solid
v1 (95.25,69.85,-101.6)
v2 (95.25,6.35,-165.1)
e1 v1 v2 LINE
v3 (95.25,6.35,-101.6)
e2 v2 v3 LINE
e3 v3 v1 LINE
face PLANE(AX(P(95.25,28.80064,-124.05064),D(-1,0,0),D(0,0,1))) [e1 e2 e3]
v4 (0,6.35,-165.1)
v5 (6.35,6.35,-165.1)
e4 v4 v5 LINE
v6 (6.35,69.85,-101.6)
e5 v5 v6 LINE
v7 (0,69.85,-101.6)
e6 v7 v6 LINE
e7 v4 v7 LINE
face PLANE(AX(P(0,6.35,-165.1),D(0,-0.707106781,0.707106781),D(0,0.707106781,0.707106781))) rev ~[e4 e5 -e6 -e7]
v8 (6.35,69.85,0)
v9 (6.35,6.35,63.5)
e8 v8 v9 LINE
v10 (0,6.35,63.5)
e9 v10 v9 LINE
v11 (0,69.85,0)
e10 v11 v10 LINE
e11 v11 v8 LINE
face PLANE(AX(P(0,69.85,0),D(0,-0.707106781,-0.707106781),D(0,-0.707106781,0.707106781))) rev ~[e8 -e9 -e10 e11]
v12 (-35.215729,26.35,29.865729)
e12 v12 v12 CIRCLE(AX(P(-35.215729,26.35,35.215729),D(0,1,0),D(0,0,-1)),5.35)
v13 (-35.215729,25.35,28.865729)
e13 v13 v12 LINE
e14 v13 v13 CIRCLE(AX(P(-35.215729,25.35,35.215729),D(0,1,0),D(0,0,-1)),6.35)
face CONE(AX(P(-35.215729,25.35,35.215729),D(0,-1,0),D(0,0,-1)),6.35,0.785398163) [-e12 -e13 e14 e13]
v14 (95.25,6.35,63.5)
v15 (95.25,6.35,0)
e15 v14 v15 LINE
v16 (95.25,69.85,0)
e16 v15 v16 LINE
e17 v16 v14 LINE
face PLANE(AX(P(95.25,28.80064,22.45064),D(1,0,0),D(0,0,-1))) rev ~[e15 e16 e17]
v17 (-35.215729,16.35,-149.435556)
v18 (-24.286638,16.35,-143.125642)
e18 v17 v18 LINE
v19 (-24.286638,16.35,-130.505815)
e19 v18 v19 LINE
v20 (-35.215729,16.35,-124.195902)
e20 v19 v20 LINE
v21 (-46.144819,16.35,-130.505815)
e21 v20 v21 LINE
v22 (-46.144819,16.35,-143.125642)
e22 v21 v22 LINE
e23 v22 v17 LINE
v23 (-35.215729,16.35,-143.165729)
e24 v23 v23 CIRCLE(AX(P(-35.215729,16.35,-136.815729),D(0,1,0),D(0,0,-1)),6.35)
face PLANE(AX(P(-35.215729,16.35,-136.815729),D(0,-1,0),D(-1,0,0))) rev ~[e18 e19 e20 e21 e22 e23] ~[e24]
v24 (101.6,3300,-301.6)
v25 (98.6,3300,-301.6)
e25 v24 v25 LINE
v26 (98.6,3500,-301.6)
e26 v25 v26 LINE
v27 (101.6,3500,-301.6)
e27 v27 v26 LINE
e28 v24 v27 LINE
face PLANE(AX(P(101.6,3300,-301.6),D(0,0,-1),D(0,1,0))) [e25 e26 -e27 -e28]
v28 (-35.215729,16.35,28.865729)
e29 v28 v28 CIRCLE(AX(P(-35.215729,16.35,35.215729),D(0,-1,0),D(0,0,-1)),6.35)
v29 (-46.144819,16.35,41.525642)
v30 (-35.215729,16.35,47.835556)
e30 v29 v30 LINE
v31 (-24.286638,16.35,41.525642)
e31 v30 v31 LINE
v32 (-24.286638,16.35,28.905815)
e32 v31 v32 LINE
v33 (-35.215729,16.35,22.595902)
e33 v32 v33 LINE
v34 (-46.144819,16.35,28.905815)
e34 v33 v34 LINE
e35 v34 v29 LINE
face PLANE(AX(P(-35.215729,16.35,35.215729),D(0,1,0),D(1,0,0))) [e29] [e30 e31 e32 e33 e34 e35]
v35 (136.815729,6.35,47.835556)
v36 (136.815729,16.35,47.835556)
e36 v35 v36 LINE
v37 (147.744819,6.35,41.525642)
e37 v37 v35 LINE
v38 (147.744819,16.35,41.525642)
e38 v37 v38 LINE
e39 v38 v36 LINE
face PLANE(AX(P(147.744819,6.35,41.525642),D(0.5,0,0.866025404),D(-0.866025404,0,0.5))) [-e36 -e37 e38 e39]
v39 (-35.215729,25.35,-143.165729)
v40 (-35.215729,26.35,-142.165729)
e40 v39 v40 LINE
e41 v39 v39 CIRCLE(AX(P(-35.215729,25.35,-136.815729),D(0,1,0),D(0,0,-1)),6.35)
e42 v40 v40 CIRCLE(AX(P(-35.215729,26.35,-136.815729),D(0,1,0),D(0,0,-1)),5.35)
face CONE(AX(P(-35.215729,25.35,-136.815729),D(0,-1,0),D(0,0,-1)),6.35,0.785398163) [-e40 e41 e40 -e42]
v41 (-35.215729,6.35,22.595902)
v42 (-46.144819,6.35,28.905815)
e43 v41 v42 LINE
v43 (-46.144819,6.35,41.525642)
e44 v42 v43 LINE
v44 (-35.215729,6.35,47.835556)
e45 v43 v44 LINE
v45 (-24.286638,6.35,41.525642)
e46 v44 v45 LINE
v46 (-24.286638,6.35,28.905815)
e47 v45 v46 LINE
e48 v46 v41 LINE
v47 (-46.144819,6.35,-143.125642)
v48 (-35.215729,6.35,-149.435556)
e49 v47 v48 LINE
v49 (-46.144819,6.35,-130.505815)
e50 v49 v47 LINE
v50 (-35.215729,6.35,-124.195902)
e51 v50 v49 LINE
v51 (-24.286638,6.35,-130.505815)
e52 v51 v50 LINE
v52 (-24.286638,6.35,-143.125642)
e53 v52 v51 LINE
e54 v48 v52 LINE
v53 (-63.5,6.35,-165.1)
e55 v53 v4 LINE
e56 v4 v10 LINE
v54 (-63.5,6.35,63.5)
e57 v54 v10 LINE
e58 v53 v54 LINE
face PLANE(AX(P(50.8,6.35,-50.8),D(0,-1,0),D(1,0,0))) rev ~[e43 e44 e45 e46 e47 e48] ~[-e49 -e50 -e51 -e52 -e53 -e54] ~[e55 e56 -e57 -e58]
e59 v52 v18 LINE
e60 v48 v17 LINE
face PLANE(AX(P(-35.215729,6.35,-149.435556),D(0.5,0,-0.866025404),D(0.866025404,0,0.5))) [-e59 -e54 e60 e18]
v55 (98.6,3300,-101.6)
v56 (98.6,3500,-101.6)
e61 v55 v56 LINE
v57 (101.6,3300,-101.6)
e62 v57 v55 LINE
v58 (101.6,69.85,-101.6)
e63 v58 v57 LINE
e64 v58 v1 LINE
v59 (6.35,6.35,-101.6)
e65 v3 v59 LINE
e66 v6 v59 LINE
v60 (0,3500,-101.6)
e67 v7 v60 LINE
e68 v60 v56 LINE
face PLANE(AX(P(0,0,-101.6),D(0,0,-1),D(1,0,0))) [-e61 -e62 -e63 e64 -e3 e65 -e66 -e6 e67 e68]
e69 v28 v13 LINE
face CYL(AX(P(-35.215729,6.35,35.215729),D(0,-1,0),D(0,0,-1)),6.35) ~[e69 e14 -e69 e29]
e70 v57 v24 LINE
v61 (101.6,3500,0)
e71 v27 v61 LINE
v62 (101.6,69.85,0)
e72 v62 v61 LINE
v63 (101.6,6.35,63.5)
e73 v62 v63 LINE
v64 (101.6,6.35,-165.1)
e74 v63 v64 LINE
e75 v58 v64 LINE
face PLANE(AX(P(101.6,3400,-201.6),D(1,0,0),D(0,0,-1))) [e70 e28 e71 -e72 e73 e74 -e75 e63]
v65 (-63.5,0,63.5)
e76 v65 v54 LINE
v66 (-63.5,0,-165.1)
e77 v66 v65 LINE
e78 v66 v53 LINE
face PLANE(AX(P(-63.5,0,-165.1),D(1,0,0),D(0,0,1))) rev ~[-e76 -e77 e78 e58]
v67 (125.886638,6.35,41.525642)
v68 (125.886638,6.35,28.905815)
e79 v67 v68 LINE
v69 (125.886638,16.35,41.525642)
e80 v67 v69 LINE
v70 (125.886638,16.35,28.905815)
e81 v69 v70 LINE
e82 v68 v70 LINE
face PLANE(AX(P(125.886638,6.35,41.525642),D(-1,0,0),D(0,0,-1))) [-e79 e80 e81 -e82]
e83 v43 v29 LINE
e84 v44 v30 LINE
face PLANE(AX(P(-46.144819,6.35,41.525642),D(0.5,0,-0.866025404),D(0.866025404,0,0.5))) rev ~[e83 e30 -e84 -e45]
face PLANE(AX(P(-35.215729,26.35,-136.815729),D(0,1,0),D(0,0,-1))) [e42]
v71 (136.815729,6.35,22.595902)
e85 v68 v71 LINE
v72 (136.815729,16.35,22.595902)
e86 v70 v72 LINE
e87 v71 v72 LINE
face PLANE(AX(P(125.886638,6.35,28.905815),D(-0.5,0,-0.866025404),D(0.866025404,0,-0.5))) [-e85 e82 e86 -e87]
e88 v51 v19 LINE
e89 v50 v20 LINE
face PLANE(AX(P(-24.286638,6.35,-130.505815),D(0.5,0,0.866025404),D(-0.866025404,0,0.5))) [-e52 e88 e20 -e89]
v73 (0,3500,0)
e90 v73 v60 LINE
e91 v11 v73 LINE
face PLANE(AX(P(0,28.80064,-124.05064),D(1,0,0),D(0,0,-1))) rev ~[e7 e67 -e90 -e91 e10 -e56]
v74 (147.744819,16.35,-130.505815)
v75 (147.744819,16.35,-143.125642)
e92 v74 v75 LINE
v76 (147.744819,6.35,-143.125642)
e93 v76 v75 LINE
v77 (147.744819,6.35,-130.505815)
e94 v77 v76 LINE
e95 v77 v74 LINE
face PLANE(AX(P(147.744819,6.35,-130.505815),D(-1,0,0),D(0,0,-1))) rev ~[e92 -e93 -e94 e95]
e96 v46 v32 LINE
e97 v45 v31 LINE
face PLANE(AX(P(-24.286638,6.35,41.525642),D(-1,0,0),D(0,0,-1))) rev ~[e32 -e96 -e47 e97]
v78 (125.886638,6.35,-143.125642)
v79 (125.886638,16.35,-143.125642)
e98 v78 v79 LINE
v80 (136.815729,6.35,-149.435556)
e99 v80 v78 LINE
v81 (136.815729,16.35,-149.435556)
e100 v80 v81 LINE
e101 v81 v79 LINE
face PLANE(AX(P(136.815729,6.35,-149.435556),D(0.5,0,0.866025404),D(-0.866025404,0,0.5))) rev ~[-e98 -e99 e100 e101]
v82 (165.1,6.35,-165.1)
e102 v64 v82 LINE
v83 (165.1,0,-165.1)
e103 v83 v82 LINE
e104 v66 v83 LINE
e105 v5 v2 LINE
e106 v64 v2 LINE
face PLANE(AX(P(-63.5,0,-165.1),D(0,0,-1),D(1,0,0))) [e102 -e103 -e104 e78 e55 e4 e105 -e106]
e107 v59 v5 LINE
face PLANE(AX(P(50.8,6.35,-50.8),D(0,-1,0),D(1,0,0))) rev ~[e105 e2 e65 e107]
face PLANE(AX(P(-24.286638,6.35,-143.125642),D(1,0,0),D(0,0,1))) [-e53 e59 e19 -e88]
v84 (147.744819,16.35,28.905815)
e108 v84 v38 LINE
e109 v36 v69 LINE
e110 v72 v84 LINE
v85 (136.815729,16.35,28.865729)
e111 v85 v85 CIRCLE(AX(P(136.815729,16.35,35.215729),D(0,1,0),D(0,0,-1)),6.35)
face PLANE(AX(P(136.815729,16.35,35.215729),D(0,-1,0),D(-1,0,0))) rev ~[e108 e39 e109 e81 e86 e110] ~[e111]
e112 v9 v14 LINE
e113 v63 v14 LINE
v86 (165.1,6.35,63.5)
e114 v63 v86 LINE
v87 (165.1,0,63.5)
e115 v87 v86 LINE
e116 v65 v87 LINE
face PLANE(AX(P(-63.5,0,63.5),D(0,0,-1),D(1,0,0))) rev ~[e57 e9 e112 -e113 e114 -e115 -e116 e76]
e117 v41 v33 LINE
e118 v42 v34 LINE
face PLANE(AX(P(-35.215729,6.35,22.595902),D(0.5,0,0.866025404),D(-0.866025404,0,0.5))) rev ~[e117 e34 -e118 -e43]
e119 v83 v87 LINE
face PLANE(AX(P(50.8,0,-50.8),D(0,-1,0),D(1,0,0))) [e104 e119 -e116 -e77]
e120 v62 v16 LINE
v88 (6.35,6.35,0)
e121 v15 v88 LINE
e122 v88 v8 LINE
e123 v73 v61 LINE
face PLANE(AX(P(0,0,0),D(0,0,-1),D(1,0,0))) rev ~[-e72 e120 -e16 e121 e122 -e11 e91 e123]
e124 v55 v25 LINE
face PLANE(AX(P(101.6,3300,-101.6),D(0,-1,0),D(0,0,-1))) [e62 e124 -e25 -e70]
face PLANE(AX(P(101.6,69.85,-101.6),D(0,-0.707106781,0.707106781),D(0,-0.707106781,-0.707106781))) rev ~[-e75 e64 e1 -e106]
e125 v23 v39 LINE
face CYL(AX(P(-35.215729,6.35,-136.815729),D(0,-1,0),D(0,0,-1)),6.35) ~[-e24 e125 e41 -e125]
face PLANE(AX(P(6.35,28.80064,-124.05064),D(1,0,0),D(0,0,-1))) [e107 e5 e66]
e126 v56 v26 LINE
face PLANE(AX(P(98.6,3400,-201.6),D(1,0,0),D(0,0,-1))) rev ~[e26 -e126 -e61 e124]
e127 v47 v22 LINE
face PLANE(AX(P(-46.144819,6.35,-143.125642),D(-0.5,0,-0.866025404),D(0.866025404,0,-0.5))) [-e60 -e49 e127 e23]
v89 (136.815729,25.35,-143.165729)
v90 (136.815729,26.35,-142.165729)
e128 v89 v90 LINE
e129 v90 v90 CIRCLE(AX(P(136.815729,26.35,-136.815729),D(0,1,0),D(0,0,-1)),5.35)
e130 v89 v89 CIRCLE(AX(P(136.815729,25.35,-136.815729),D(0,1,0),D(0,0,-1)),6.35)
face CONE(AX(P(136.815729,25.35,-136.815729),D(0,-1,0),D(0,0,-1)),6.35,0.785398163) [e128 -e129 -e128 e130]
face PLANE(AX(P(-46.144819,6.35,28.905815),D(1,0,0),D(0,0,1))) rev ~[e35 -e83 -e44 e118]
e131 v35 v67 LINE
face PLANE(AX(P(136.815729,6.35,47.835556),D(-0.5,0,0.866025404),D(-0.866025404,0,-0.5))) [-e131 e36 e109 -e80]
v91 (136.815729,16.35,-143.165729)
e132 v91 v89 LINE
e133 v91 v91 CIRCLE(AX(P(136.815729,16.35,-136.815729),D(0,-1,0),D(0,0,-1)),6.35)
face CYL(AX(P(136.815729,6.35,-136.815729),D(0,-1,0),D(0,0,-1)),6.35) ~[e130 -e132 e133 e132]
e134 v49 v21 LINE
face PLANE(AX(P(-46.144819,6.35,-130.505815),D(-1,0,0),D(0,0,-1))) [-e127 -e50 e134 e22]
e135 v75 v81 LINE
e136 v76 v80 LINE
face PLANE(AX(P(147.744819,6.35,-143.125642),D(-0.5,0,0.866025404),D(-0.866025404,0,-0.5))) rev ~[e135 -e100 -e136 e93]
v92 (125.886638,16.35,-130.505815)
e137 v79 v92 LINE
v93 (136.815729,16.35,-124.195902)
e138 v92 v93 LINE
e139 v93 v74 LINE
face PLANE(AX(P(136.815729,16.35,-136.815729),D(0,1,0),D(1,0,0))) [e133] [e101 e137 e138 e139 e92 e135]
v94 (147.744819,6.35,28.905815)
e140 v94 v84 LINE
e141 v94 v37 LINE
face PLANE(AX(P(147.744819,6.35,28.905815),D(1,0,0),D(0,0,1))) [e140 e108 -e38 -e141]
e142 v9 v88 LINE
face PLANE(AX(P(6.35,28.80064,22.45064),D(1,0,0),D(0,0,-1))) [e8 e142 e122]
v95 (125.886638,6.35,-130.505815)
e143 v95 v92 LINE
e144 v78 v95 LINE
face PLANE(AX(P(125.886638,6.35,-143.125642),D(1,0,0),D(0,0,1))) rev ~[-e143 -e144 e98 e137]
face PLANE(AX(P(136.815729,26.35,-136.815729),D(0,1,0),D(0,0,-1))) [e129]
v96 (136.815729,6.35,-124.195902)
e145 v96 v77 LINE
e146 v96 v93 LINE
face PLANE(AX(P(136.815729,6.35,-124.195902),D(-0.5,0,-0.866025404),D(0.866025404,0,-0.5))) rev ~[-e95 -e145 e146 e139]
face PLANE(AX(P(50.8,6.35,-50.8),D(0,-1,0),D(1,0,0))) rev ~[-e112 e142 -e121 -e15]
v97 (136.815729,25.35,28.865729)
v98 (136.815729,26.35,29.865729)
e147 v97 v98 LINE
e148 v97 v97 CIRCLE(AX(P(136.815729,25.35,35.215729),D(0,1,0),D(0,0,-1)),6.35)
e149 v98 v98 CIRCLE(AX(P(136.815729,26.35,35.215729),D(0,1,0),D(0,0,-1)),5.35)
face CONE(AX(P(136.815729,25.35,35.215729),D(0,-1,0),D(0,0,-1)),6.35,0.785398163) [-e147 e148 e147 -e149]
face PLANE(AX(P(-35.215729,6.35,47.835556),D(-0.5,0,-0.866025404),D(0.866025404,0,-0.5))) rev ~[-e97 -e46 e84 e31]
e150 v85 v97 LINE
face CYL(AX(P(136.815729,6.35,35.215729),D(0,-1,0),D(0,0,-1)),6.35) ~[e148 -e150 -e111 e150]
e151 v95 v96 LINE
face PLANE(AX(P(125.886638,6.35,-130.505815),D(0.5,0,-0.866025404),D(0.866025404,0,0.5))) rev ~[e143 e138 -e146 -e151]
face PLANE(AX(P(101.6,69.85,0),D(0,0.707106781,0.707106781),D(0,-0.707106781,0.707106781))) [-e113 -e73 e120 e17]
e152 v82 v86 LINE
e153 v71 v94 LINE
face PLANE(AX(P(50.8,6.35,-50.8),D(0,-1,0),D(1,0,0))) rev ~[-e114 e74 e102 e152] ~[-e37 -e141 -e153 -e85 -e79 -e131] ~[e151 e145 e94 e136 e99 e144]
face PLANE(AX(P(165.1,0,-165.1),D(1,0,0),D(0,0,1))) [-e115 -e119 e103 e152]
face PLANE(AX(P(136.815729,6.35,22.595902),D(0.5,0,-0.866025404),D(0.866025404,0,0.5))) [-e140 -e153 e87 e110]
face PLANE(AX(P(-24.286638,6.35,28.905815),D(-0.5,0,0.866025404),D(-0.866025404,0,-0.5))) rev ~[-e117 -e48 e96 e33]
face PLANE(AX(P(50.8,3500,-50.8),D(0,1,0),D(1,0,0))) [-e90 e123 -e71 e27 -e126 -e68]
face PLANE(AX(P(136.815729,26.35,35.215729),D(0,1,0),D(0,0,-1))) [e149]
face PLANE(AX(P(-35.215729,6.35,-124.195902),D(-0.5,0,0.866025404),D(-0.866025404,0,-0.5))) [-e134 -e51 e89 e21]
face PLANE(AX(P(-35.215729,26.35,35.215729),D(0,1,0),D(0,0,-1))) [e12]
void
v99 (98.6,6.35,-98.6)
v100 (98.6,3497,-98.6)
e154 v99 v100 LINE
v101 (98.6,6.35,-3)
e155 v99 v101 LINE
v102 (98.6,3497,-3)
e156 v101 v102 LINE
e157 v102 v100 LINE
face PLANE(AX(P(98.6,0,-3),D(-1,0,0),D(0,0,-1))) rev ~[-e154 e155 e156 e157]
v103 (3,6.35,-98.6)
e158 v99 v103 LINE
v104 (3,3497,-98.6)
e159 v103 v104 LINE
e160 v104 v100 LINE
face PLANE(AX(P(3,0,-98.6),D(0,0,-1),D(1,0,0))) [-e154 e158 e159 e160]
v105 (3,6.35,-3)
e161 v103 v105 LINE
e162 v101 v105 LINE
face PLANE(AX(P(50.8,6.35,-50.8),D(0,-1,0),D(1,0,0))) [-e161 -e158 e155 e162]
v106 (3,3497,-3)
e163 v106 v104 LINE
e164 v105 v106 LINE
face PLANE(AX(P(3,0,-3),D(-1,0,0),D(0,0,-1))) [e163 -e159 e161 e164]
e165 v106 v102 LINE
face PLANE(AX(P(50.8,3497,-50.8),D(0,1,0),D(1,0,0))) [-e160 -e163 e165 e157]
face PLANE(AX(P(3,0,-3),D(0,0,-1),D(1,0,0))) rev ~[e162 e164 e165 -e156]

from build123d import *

# Parameters (mm, degrees)
CROQUIS1_W               = 101.6
CROQUIS1_H               = 101.6
CROQUIS1_W_2             = 95.6
CROQUIS1_H_2             = 95.6
SALIENTE_EXTRUIR1_DEPTH  = 3500
CROQUIS2_W               = 228.6
CROQUIS2_H               = 228.6
SALIENTE_EXTRUIR2_DEPTH  = 6.35
SALIENTE_EXTRUIR5_DEPTH  = 6.35
SALIENTE_EXTRUIR6_DEPTH  = 6.35
CROQUIS7_R               = 6.35
SALIENTE_EXTRUIR7_DEPTH  = 20
CROQUIS8_R               = 6.35
SALIENTE_EXTRUIR8_DEPTH  = 10
CHAFL_N1_SIZE            = 1
CROQUIS9_W               = 95.6
CROQUIS9_H               = 95.6
SALIENTE_EXTRUIR9_DEPTH  = 3
CROQUIS10_W              = 200
CROQUIS10_H              = 200
SALIENTE_EXTRUIR10_DEPTH = 3


with BuildPart() as part:
    # Croquis1 → Saliente-Extruir1 (new body)
    with BuildSketch(Plane(origin=(0, 0, 0), x_dir=(1, 0, 0), z_dir=(0, 1, 0))):
        with Locations((50.8, 50.8)):
            Rectangle(CROQUIS1_W, CROQUIS1_H)
        with Locations((50.8, 50.8)):
            Rectangle(CROQUIS1_W_2, CROQUIS1_H_2, mode=Mode.SUBTRACT)
    extrude(amount=SALIENTE_EXTRUIR1_DEPTH)

    # Croquis2 → Saliente-Extruir2 (add)
    with BuildSketch(Plane.XZ):
        with Locations((50.8, -50.8)):
            Rectangle(CROQUIS2_W, CROQUIS2_H)
    extrude(amount=-SALIENTE_EXTRUIR2_DEPTH)

    # Croquis5 → Saliente-Extruir5 (add)
    with BuildSketch(Plane.ZY):
        Polygon((-101.6, 6.35), (-165.1, 6.35), (-101.6, 69.85), align=None)
        Polygon((63.5, 6.35), (0, 6.35), (0, 69.85), align=None)
    extrude(amount=-SALIENTE_EXTRUIR5_DEPTH)

    # Croquis6 → Saliente-Extruir6 (add)
    with BuildSketch(Plane(origin=(101.6, 0, 0), x_dir=(0, 0, -1), z_dir=(1, 0, 0))):
        Polygon((0, 69.85), (-63.5, 6.35), (0, 6.35), align=None)
        Polygon((101.6, 69.85), (165.1, 6.35), (101.6, 6.35), align=None)
    extrude(amount=-SALIENTE_EXTRUIR6_DEPTH)

    # Croquis7 → Saliente-Extruir7 (add)
    with BuildSketch(Plane(origin=(0, 6.35, 0), x_dir=(1, 0, 0), z_dir=(0, 1, 0))):
        with Locations(Location((136.815728753, 136.815728753, 0), (0, 0, 90))):
            Circle(CROQUIS7_R)
        with Locations(Location((136.815728753, -35.215728753, 0), (0, 0, 90))):
            Circle(CROQUIS7_R)
        with Locations(Location((-35.215728753, -35.215728753, 0), (0, 0, 90))):
            Circle(CROQUIS7_R)
        with Locations(Location((-35.215728753, 136.815728753, 0), (0, 0, 90))):
            Circle(CROQUIS7_R)
    extrude(amount=SALIENTE_EXTRUIR7_DEPTH)

    # Croquis8 → Saliente-Extruir8 (add)
    # profile 1 of 4: a face of its own
    with BuildSketch(Plane(origin=(0, 6.35, 0), x_dir=(1, 0, 0), z_dir=(0, 1, 0))):
        Polygon((136.815728753, 124.195901838), (147.744819452, 130.505815295), (147.744819452, 143.12564221), (136.815728753, 149.435555667), (125.886638053, 143.12564221), (125.886638053, 130.505815295), align=None)
        with Locations(Location((136.815728753, 136.815728753, 0), (0, 0, 270))):
            Circle(CROQUIS8_R, mode=Mode.SUBTRACT)
    # profile 2 of 4: a face of its own
    with BuildSketch(Plane(origin=(0, 6.35, 0), x_dir=(1, 0, 0), z_dir=(0, 1, 0))):
        Polygon((125.886638053, -28.905815295), (136.815728753, -22.595901838), (147.744819452, -28.905815295), (147.744819452, -41.52564221), (136.815728753, -47.835555667), (125.886638053, -41.52564221), align=None)
        with Locations(Location((136.815728753, -35.215728753, 0), (0, 0, 90))):
            Circle(CROQUIS8_R, mode=Mode.SUBTRACT)
    # profile 3 of 4: a face of its own
    with BuildSketch(Plane(origin=(0, 6.35, 0), x_dir=(1, 0, 0), z_dir=(0, 1, 0))):
        Polygon((-35.215728753, -22.595901838), (-46.144819452, -28.905815295), (-46.144819452, -41.52564221), (-35.215728753, -47.835555667), (-24.286638053, -41.52564221), (-24.286638053, -28.905815295), align=None)
        with Locations(Location((-35.215728753, -35.215728753, 0), (0, 0, 270))):
            Circle(CROQUIS8_R, mode=Mode.SUBTRACT)
    # profile 4 of 4: a face of its own
    with BuildSketch(Plane(origin=(0, 6.35, 0), x_dir=(1, 0, 0), z_dir=(0, 1, 0))):
        Polygon((-24.286638053, 130.505815295), (-35.215728753, 124.195901838), (-46.144819452, 130.505815295), (-46.144819452, 143.12564221), (-35.215728753, 149.435555667), (-24.286638053, 143.12564221), align=None)
        with Locations(Location((-35.215728753, 136.815728753, 0), (0, 0, 90))):
            Circle(CROQUIS8_R, mode=Mode.SUBTRACT)
    extrude(amount=SALIENTE_EXTRUIR8_DEPTH)

    # Chaflán1
    chafl_n1_edges = [part.edges().sort_by_distance(p)[0] for p in [
        (136.815728753, 26.35, -130.465728753),
        (136.815728753, 26.35, 41.565728753),
        (-35.215728753, 26.35, 41.565728753),
        (-35.215728753, 26.35, -130.465728753),
    ]]
    chamfer(chafl_n1_edges, length=CHAFL_N1_SIZE)

    # Croquis9 → Saliente-Extruir9 (add)
    with BuildSketch(Plane(origin=(0, 3500, 0), x_dir=(1, 0, 0), z_dir=(0, 1, 0))):
        with Locations((50.8, 50.8)):
            Rectangle(CROQUIS9_W, CROQUIS9_H)
    extrude(amount=-SALIENTE_EXTRUIR9_DEPTH)

    # Croquis10 → Saliente-Extruir10 (add)
    with BuildSketch(Plane(origin=(101.6, 0, 0), x_dir=(0, 0, -1), z_dir=(1, 0, 0))):
        with Locations((201.6, 3400)):
            Rectangle(CROQUIS10_W, CROQUIS10_H)
    extrude(amount=-SALIENTE_EXTRUIR10_DEPTH)


solid = part.part
